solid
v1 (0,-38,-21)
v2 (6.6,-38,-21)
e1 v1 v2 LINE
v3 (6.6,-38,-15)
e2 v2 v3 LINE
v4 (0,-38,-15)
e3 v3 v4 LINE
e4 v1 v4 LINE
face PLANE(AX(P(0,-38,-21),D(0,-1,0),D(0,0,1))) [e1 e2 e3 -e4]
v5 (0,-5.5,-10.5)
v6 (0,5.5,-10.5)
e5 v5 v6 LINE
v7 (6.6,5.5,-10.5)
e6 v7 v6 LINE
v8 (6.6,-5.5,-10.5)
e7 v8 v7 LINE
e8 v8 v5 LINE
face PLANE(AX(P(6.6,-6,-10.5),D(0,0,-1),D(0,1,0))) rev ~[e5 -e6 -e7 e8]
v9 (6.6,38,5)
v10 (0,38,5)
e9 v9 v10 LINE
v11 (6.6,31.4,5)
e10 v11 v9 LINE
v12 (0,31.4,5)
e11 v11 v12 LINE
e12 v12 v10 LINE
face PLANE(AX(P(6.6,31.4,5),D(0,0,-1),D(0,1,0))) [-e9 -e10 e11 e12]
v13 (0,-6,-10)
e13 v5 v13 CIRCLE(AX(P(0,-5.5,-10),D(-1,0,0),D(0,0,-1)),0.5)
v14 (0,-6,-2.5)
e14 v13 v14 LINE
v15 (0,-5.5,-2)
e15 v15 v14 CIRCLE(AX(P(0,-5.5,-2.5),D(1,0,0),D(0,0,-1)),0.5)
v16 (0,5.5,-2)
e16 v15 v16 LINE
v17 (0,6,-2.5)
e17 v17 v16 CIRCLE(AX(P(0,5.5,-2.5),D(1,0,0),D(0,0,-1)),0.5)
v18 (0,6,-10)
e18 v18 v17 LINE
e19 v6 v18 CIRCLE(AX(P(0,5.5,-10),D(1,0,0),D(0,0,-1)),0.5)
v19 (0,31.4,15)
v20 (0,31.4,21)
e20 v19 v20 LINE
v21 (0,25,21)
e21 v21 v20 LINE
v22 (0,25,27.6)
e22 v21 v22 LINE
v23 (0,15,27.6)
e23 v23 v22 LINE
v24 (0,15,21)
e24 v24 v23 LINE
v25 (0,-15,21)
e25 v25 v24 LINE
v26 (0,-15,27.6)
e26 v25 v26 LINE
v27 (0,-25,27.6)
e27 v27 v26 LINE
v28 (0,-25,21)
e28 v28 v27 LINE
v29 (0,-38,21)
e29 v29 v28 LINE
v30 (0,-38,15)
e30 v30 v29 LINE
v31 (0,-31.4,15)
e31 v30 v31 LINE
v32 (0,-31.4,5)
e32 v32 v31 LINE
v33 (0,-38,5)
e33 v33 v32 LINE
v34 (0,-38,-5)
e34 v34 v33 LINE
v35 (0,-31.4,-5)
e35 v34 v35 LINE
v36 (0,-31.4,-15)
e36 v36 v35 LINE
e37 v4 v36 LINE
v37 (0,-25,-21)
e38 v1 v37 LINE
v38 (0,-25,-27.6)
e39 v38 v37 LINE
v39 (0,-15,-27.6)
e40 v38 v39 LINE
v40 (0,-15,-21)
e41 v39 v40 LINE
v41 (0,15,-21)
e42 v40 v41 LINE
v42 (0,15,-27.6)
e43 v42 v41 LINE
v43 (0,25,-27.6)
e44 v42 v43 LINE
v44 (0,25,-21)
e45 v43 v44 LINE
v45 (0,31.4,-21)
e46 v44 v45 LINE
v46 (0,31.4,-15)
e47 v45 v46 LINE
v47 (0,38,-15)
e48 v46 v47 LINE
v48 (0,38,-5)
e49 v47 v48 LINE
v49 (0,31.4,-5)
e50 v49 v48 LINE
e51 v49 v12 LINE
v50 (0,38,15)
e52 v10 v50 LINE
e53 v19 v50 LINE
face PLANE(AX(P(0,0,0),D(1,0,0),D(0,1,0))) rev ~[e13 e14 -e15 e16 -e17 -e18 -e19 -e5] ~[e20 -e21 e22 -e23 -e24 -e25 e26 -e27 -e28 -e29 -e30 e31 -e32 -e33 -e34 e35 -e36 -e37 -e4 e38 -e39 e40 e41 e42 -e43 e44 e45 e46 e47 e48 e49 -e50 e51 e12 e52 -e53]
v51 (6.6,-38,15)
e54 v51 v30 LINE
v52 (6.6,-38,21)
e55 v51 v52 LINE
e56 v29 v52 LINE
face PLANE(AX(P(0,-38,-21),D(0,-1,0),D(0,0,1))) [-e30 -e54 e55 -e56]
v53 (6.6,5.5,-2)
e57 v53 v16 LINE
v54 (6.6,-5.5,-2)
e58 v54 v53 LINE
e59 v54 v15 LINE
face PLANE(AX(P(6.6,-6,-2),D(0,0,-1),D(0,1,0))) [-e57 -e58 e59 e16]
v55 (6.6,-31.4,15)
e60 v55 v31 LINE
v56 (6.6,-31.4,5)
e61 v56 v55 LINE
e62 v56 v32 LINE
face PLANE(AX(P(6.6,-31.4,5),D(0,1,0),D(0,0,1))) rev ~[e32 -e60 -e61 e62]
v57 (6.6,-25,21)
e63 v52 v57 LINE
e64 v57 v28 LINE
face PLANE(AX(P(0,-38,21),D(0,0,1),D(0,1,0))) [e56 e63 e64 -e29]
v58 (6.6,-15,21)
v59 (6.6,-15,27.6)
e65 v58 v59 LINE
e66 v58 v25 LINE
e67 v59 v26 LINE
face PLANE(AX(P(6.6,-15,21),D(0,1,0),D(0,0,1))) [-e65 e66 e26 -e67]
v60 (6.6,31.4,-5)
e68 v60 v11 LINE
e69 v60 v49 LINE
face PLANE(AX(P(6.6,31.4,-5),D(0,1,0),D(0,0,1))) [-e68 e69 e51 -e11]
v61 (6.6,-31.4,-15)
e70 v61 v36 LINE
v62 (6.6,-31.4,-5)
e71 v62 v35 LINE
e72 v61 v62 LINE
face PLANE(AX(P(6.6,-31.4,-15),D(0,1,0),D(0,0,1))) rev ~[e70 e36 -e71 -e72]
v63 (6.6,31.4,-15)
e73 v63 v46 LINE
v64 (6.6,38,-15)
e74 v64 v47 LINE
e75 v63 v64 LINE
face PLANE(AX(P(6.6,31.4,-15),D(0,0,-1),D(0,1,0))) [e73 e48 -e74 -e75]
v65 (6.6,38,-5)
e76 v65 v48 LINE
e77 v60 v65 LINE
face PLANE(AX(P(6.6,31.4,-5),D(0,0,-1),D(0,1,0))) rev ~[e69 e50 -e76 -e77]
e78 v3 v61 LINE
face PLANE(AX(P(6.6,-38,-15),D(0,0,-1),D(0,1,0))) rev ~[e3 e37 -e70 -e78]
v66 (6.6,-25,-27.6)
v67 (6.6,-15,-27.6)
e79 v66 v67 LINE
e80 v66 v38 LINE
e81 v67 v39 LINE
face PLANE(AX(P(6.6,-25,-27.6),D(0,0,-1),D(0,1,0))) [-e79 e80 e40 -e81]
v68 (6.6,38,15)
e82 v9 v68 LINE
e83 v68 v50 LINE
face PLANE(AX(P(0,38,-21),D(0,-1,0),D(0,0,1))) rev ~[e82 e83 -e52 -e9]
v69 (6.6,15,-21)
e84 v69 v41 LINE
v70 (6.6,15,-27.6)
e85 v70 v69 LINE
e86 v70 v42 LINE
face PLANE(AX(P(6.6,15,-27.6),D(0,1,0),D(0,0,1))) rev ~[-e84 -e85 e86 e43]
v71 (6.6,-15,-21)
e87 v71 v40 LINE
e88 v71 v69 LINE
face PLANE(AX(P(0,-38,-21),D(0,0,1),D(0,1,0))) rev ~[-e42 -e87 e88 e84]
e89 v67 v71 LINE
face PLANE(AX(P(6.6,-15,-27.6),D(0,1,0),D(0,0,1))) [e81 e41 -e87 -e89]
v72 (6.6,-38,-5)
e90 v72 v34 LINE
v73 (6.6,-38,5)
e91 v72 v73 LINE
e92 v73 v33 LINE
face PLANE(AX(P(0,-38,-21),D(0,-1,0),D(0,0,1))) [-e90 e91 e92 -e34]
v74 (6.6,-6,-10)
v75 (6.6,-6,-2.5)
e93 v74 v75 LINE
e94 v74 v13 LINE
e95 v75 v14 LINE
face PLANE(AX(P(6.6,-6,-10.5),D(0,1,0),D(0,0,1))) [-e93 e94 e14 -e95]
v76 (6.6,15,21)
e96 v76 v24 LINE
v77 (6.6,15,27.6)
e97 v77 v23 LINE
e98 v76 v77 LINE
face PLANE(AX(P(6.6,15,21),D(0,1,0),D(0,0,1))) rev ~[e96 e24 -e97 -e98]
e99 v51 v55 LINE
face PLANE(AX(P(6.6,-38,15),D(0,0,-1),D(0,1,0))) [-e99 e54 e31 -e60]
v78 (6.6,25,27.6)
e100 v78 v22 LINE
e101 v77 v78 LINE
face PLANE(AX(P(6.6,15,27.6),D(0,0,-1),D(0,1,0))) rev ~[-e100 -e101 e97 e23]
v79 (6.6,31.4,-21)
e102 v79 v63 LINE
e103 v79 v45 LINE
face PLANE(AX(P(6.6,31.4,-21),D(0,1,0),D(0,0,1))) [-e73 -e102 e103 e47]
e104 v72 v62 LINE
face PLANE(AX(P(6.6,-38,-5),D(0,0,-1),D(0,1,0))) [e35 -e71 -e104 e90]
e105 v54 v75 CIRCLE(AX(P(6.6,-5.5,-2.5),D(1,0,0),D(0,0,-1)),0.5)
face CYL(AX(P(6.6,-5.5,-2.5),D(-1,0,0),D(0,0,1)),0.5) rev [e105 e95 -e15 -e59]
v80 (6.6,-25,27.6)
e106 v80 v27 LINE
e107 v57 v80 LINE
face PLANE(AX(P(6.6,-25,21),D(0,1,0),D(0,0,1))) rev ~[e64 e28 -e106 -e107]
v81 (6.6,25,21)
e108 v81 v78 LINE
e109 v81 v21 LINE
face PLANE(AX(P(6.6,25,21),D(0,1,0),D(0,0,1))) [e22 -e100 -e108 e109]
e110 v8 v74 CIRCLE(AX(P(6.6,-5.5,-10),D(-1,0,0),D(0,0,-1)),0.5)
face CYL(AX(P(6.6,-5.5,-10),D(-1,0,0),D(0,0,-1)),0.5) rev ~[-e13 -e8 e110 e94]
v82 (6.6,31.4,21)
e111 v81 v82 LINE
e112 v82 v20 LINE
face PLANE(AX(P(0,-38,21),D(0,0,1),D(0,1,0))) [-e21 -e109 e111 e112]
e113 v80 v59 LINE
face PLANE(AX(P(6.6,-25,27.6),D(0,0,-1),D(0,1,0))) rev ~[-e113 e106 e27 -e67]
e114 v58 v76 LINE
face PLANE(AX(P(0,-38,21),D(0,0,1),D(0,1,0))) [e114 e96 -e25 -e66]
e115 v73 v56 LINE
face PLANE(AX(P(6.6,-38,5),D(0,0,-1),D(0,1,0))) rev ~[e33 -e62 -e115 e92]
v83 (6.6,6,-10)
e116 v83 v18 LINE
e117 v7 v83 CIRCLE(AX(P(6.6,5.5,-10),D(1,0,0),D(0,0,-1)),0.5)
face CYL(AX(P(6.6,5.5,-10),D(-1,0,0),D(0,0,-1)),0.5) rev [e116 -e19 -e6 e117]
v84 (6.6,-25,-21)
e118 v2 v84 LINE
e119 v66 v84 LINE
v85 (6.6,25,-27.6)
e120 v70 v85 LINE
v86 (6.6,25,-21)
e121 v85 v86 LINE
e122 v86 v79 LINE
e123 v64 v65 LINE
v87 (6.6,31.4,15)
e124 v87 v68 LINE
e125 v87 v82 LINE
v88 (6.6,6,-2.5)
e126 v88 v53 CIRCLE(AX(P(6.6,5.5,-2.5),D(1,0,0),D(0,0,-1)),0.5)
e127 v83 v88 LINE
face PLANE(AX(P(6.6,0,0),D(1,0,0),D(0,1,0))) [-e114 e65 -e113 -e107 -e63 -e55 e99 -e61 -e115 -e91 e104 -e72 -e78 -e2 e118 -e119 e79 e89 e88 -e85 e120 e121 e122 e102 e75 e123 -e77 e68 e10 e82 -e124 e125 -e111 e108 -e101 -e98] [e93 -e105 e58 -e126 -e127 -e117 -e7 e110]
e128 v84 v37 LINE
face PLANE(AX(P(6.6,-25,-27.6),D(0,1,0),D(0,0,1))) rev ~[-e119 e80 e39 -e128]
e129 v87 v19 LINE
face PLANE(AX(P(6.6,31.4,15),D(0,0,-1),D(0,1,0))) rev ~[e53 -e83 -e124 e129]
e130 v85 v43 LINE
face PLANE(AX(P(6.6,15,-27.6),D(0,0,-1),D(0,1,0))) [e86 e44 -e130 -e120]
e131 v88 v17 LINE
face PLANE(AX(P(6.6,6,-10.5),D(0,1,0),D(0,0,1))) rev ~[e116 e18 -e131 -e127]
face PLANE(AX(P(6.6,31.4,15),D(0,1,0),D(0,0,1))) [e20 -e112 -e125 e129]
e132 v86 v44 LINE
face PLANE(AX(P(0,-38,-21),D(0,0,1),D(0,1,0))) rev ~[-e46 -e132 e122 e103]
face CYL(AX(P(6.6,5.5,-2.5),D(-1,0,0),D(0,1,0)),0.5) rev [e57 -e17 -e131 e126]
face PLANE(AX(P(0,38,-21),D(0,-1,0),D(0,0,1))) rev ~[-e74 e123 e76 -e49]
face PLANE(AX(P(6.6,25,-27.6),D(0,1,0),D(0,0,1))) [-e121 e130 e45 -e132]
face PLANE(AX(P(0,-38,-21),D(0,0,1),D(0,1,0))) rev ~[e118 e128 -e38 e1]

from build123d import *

# Parameters (mm, degrees)
F0_W     = 76
F0_H     = 42
F1_DEPTH = 6.6
F2_W     = 10
F2_H     = 6.6
F3_DEPTH = 6.6
F4_W     = 6.6
F4_H     = 6
F4_H_2   = 10
F5_DEPTH = 6.6
F6_W     = 12
F6_H     = 8.5
F7_DEPTH = 6.6
F8_R     = 0.5


with BuildPart() as f1:
    # F0 (on Right) → F1 (new body)
    with BuildSketch(Plane.YZ):
        Rectangle(F0_W, F0_H)
    extrude(amount=F1_DEPTH)

    # F2 (on face) → F3 (join)
    with BuildSketch(Plane.YZ.offset(6.6)):
        with Locations((-20, 24.3)):
            Rectangle(F2_W, F2_H)
        with Locations((20, 24.3)):
            Rectangle(F2_W, F2_H)
        with Locations((20, -24.3)):
            Rectangle(F2_W, F2_H)
        with Locations((-20, -24.3)):
            Rectangle(F2_W, F2_H)
    extrude(amount=-F3_DEPTH)

    # F4 (on face) → F5 (cut, through all)
    with BuildSketch(Plane.YZ.offset(6.6)):
        with Locations((34.7, 18)):
            Rectangle(F4_W, F4_H)
        with Locations((34.7, -18)):
            Rectangle(F4_W, F4_H)
        with Locations((34.7, 0)):
            Rectangle(F4_W, F4_H_2)
        with Locations((-34.7, 10)):
            Rectangle(F4_W, F4_H_2)
        with Locations((-34.7, -10)):
            Rectangle(F4_W, F4_H_2)
    extrude(amount=-F5_DEPTH, mode=Mode.SUBTRACT)

    # F6 (on face) → F7 (cut, through all)
    with BuildSketch(Plane.YZ.offset(6.6)):
        with Locations((0, -6.25)):
            Rectangle(F6_W, F6_H)
    extrude(amount=-F7_DEPTH, mode=Mode.SUBTRACT)

    # F8
    f8_edges = [f1.edges().sort_by_distance(p)[0] for p in [
        (3.3, -6, -2),
        (3.3, 6, -2),
        (3.3, 6, -10.5),
        (3.3, -6, -10.5),
    ]]
    fillet(f8_edges, radius=F8_R)


solid = f1.part
